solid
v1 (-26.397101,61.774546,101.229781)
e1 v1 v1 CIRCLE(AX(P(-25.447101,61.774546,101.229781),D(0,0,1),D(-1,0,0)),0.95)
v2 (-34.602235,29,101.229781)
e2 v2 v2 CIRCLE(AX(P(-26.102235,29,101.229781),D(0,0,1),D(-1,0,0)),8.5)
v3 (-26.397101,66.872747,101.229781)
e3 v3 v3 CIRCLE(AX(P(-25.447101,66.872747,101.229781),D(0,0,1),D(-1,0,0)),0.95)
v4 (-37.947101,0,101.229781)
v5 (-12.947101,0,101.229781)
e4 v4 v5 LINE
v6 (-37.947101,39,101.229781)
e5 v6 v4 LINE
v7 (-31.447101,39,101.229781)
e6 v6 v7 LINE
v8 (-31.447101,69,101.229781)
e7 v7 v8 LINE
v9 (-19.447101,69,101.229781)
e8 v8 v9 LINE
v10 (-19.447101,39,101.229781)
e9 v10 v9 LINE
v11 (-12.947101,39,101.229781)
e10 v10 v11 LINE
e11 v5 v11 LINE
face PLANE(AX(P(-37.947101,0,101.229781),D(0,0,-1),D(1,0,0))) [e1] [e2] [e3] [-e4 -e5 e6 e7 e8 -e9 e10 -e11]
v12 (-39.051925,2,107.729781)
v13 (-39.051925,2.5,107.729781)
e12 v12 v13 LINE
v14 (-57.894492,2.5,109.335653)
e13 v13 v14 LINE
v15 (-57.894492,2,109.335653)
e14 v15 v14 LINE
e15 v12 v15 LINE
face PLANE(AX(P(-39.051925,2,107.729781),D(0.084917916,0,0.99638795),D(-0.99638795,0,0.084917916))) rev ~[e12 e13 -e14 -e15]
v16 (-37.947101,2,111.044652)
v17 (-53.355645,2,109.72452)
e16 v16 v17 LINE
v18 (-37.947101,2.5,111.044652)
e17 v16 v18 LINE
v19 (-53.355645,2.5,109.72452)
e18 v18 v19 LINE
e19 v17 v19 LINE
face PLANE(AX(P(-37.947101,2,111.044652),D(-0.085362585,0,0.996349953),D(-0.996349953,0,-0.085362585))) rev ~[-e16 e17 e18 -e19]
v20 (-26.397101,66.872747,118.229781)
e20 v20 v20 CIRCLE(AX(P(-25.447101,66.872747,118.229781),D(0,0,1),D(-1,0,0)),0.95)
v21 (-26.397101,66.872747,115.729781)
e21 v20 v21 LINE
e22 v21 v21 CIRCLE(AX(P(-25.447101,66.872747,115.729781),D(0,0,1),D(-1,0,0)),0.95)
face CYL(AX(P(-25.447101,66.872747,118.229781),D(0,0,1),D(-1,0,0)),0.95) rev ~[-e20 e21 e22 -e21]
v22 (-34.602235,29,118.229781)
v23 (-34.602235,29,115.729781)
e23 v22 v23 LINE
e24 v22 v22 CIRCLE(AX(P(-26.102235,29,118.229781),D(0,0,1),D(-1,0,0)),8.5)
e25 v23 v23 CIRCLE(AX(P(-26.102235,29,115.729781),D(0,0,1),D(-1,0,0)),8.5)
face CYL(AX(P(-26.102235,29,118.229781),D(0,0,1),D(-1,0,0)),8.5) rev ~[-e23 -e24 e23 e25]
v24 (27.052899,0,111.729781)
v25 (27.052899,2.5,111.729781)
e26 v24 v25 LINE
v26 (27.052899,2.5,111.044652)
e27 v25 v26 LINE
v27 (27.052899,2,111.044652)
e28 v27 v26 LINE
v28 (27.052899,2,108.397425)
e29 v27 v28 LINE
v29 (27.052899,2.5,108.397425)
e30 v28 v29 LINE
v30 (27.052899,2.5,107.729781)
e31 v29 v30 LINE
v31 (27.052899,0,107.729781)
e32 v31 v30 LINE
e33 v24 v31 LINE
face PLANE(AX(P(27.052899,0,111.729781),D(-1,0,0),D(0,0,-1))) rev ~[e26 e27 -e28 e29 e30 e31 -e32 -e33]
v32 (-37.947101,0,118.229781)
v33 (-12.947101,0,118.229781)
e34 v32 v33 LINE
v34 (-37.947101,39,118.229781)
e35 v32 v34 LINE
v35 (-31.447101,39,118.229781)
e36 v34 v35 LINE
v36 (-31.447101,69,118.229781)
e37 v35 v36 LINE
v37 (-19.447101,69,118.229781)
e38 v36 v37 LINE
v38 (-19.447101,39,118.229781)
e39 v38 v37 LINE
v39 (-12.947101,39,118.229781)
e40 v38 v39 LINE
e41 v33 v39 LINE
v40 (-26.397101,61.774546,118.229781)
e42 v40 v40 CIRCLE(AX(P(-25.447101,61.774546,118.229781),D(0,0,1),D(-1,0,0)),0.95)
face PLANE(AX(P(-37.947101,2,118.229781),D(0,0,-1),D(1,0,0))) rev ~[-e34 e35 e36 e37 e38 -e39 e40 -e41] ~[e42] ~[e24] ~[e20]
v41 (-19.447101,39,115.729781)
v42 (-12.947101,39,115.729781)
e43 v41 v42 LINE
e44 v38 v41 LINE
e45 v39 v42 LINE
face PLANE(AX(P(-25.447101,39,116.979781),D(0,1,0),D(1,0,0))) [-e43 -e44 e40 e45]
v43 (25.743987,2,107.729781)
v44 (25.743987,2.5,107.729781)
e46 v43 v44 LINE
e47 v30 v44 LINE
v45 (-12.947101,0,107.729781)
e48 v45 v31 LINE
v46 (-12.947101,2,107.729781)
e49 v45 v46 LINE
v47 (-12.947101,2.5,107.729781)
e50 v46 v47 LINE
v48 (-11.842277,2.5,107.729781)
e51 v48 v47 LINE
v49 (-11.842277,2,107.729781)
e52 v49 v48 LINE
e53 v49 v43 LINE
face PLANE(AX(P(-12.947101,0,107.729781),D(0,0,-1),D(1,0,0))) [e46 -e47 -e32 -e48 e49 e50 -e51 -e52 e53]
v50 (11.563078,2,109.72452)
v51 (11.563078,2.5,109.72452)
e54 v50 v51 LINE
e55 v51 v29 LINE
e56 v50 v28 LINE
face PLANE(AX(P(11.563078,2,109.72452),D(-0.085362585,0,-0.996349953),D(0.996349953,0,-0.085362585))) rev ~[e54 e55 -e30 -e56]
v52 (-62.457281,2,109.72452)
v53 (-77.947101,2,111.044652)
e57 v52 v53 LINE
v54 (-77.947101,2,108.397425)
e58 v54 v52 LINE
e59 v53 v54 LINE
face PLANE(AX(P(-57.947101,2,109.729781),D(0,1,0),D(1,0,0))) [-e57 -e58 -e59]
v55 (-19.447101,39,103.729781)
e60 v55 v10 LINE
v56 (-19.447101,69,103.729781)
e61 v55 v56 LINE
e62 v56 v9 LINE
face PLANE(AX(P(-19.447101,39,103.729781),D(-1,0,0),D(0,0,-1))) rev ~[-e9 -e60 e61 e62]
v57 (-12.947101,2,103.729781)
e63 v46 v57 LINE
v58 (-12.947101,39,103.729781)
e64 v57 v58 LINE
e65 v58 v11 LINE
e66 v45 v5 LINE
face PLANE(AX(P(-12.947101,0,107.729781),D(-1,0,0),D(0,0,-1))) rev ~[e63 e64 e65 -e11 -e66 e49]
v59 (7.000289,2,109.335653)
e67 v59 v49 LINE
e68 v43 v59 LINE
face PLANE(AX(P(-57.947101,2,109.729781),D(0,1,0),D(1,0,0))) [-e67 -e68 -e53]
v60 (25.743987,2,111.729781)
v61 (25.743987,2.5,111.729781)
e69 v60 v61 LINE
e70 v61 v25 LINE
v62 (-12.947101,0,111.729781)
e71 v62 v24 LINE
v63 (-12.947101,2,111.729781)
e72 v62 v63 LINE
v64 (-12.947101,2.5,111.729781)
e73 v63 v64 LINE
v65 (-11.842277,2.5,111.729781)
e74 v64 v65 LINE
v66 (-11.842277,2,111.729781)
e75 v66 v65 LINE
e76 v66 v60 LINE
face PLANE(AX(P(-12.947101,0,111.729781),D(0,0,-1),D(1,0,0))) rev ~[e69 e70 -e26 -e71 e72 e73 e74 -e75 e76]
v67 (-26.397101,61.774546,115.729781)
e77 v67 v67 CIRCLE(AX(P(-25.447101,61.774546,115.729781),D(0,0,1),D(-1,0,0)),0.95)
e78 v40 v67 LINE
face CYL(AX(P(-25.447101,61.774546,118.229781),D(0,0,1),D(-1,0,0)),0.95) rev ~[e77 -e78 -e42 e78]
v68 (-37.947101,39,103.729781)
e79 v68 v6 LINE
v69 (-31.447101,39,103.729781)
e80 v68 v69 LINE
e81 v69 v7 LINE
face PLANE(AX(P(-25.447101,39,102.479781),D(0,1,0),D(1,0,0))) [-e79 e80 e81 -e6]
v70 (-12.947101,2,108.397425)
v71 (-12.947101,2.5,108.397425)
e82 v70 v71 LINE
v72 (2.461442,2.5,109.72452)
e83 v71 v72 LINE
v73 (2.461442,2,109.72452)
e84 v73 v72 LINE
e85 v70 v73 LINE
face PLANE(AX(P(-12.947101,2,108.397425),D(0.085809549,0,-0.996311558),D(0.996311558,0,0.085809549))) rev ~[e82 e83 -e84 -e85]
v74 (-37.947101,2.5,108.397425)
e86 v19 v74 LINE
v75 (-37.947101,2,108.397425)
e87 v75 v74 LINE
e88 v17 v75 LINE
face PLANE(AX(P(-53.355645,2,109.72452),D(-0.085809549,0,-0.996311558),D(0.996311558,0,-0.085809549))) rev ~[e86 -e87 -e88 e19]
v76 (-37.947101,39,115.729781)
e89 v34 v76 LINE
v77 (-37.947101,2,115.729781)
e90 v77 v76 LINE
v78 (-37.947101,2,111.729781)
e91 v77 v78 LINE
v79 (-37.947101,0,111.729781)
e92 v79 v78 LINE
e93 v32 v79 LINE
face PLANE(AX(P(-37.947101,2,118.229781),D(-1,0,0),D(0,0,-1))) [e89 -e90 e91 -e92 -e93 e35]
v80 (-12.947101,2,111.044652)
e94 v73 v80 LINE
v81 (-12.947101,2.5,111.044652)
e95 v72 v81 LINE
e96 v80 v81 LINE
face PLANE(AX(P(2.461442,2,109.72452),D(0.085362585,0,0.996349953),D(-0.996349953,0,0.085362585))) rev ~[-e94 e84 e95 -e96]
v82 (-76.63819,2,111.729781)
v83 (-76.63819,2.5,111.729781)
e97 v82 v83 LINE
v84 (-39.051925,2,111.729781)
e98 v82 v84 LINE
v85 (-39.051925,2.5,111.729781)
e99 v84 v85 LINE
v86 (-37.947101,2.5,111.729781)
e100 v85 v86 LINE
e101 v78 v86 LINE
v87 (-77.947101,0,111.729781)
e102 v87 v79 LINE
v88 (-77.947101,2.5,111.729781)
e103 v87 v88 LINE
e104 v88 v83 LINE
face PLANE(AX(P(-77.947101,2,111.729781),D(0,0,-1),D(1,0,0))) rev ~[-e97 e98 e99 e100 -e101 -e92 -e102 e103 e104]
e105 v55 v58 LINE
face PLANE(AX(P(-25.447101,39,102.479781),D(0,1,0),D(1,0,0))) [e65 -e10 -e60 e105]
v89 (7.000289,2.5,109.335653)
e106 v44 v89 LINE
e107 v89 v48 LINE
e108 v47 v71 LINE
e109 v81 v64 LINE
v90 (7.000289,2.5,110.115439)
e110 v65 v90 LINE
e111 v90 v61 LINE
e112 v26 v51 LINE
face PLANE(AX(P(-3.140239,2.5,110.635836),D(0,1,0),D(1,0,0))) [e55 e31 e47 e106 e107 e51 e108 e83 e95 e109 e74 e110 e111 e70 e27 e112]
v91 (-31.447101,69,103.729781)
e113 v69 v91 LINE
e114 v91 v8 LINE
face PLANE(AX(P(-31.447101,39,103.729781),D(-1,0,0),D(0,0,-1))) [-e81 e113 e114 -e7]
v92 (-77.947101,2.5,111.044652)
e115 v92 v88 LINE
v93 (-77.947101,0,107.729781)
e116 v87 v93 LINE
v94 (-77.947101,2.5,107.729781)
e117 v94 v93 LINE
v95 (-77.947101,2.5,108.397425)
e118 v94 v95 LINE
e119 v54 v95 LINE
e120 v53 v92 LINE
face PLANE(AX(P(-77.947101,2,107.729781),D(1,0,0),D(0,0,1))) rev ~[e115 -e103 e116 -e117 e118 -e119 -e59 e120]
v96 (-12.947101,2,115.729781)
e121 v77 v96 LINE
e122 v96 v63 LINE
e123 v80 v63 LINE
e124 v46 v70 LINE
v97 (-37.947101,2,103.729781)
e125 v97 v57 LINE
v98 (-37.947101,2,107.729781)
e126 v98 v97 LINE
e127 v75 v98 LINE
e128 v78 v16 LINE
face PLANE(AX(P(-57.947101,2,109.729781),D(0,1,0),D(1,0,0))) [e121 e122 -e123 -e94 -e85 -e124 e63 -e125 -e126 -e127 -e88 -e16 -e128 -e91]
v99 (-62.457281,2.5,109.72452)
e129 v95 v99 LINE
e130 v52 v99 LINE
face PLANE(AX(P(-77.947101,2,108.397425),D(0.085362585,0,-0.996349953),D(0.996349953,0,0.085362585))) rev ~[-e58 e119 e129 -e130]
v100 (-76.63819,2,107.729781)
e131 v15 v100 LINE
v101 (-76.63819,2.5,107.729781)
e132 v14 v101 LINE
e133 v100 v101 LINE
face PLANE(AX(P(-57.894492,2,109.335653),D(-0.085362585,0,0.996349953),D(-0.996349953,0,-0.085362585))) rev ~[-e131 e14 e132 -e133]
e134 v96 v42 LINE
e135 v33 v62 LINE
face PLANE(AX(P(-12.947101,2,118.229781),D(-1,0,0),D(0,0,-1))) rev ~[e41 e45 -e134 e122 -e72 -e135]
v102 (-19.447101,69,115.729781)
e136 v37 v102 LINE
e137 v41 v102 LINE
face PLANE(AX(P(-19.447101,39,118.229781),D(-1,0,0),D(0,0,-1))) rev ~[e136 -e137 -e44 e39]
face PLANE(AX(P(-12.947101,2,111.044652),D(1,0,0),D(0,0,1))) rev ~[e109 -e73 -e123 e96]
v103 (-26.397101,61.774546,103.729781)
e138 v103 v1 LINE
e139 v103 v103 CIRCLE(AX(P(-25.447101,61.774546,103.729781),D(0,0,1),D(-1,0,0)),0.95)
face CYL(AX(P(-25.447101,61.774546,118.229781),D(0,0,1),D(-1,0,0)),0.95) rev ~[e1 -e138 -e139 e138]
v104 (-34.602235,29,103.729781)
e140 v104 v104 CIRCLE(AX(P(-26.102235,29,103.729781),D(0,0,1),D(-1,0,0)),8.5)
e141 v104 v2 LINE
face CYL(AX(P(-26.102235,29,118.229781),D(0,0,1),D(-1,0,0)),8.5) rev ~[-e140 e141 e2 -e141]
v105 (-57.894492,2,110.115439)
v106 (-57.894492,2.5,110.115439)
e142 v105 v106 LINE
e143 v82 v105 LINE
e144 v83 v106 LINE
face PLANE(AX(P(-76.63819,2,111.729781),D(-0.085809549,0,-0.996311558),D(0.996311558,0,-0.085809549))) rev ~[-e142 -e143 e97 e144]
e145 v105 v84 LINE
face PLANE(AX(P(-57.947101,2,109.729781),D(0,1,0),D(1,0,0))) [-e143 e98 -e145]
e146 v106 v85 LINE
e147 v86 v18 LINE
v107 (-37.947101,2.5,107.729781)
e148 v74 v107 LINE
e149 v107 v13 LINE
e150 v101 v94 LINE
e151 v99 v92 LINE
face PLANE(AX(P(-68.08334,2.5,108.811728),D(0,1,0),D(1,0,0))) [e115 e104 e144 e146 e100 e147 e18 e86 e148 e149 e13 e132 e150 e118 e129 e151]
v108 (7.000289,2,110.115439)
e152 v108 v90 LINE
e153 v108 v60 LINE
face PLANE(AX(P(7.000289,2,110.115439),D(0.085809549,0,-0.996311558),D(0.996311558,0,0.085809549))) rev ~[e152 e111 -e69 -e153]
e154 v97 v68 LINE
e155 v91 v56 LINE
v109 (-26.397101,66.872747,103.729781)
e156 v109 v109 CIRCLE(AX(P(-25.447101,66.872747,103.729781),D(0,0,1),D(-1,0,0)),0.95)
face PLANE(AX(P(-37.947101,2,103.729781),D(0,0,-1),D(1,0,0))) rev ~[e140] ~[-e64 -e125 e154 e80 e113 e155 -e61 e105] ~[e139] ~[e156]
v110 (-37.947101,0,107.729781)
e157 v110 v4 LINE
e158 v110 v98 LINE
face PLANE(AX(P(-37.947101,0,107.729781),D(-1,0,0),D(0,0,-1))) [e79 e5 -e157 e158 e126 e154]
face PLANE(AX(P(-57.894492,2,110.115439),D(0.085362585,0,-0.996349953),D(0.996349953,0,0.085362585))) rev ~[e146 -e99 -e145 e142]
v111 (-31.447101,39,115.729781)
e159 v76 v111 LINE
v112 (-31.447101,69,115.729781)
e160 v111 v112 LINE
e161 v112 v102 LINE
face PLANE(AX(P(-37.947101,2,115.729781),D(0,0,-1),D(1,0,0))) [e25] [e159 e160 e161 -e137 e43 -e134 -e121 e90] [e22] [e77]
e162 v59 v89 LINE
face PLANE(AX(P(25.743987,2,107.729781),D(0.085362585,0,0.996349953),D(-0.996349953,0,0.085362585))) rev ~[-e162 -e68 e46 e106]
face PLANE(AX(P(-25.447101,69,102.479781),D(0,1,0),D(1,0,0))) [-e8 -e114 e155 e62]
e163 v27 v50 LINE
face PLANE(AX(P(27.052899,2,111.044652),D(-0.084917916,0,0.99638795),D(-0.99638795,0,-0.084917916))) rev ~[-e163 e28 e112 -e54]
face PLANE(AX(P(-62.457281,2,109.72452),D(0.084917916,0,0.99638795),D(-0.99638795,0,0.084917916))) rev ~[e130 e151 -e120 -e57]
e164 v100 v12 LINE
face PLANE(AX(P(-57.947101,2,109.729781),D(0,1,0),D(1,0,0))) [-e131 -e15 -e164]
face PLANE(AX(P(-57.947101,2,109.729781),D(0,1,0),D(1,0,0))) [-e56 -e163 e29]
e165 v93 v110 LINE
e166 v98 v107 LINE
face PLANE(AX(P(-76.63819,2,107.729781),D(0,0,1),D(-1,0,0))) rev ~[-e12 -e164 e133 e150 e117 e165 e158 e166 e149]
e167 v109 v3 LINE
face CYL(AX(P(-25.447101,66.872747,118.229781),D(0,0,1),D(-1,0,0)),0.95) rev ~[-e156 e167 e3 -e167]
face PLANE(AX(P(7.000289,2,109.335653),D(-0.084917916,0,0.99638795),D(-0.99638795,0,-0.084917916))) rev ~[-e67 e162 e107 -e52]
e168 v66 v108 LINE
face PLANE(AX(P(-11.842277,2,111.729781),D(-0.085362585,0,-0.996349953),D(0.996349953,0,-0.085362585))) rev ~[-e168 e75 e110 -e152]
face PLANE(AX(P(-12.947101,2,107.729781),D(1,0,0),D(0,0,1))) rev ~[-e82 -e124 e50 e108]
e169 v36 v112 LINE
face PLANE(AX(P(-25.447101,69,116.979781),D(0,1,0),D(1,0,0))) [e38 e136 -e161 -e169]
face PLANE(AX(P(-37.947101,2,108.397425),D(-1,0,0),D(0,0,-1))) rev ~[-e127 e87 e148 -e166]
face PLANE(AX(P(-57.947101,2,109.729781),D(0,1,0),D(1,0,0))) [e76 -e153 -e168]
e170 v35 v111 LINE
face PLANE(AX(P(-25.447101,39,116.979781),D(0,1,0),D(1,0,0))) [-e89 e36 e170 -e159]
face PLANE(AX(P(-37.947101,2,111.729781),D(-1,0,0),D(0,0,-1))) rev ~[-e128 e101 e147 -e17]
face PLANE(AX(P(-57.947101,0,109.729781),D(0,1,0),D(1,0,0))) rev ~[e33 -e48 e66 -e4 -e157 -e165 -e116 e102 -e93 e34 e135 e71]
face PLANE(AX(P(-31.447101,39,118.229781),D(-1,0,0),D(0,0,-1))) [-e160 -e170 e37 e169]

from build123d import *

# Parameters (mm, degrees)
SKETCH1_W           = 40
SKETCH1_H           = 4
SKETCH1_W_2         = 25
SKETCH1_H_2         = 17
BOSS_EXTRUDE1_DEPTH = 2
BOSS_EXTRUDE2_DEPTH = 0.5
SKETCH3_W           = 25
SKETCH3_H           = 2.5
BOSS_EXTRUDE3_DEPTH = 37
SKETCH4_R           = 8.5
CUT_EXTRUDE1_DEPTH  = 37
SKETCH6_W           = 12
SKETCH6_H           = 2.5
BOSS_EXTRUDE4_DEPTH = 30
SKETCH8_R           = 0.95
CUT_EXTRUDE2_DEPTH  = 30


with BuildPart() as part:
    # Sketch1 → Boss-Extrude1 (new body)
    with BuildSketch(Plane(origin=(0, 0, 0), x_dir=(1, 0, 0), z_dir=(0, 1, 0))):
        with Locations((-57.947101463, -109.729781289)):
            Rectangle(SKETCH1_W, SKETCH1_H)
        with Locations((-25.447101463, -109.729781289)):
            Rectangle(SKETCH1_W_2, SKETCH1_H_2)
        with Locations((7.052898537, -109.729781289)):
            Rectangle(SKETCH1_W, SKETCH1_H)
    extrude(amount=BOSS_EXTRUDE1_DEPTH)

    # Sketch2 → Boss-Extrude2 (add)
    with BuildSketch(Plane(origin=(0, 2, 0), x_dir=(1, 0, 0), z_dir=(0, 1, 0))):
        Polygon((-77.947101463, -108.397425258), (-62.457280687, -109.724520363), (-57.894492201, -109.335653269), (-76.638189664, -107.729781289), (-77.947101463, -107.729781289), align=None)
        Polygon((-76.638189664, -111.729781289), (-57.894492201, -110.115438654), (-62.457280687, -109.724520363), (-77.947101463, -111.044652036), (-77.947101463, -111.729781289), align=None)
        Polygon((-57.894492201, -110.115438654), (-39.051925459, -111.729781289), (-37.947101463, -111.729781289), (-37.947101463, -111.044652036), (-53.355645232, -109.724520363), align=None)
        Polygon((-62.457280687, -109.724520363), (-57.894492201, -110.115438654), (-53.355645232, -109.724520363), (-57.894492201, -109.335653269), align=None)
        Polygon((-57.894492201, -109.335653269), (-53.355645232, -109.724520363), (-37.947101463, -108.397425258), (-37.947101463, -107.729781289), (-39.051925459, -107.729781289), align=None)
        Polygon((-11.842277467, -111.729781289), (7.000289276, -110.115438654), (2.461442306, -109.724520363), (-12.947101463, -111.044652036), (-12.947101463, -111.729781289), align=None)
        Polygon((2.461442306, -109.724520363), (7.000289276, -109.335653269), (-11.842277467, -107.729781289), (-12.947101463, -107.729781289), (-12.947101463, -108.397425258), align=None)
        Polygon((7.000289276, -110.115438654), (11.563077761, -109.724520363), (7.000289276, -109.335653269), (2.461442306, -109.724520363), align=None)
        Polygon((27.052898537, -111.729781289), (27.052898537, -111.044652036), (11.563077761, -109.724520363), (7.000289276, -110.115438654), (25.743986738, -111.729781289), align=None)
        Polygon((7.000289276, -109.335653269), (11.563077761, -109.724520363), (27.052898537, -108.397425258), (27.052898537, -107.729781289), (25.743986738, -107.729781289), align=None)
    extrude(amount=BOSS_EXTRUDE2_DEPTH)

    # Sketch3 → Boss-Extrude3 (add)
    with BuildSketch(Plane(origin=(0, 2, 0), x_dir=(1, 0, 0), z_dir=(0, 1, 0))):
        with Locations((-25.447101463, -116.979781289)):
            Rectangle(SKETCH3_W, SKETCH3_H)
        with Locations((-25.447101463, -102.479781289)):
            Rectangle(SKETCH3_W, SKETCH3_H)
    extrude(amount=BOSS_EXTRUDE3_DEPTH)

    # Sketch4 → Cut-Extrude1 (cut)
    with BuildSketch(Plane.XY.offset(118.229781289)):
        with Locations(Location((-26.102234561, 29, 0), (0, 0, 180))):
            Circle(SKETCH4_R)
    extrude(amount=-CUT_EXTRUDE1_DEPTH, mode=Mode.SUBTRACT)

    # Sketch6 → Boss-Extrude4 (add)
    with BuildSketch(Plane(origin=(0, 39, 0), x_dir=(1, 0, 0), z_dir=(0, 1, 0))):
        with Locations((-25.447101463, -116.979781289)):
            Rectangle(SKETCH6_W, SKETCH6_H)
        with Locations((-25.447101463, -102.479781289)):
            Rectangle(SKETCH6_W, SKETCH6_H)
    extrude(amount=BOSS_EXTRUDE4_DEPTH)

    # Sketch8 → Cut-Extrude2 (cut)
    with BuildSketch(Plane.XY.offset(118.229781289)):
        with Locations(Location((-25.447101463, 66.872747416, 0), (0, 0, 180))):
            Circle(SKETCH8_R)
        with Locations(Location((-25.447101463, 61.774545812, 0), (0, 0, 180))):
            Circle(SKETCH8_R)
    extrude(amount=-CUT_EXTRUDE2_DEPTH, mode=Mode.SUBTRACT)


solid = part.part
